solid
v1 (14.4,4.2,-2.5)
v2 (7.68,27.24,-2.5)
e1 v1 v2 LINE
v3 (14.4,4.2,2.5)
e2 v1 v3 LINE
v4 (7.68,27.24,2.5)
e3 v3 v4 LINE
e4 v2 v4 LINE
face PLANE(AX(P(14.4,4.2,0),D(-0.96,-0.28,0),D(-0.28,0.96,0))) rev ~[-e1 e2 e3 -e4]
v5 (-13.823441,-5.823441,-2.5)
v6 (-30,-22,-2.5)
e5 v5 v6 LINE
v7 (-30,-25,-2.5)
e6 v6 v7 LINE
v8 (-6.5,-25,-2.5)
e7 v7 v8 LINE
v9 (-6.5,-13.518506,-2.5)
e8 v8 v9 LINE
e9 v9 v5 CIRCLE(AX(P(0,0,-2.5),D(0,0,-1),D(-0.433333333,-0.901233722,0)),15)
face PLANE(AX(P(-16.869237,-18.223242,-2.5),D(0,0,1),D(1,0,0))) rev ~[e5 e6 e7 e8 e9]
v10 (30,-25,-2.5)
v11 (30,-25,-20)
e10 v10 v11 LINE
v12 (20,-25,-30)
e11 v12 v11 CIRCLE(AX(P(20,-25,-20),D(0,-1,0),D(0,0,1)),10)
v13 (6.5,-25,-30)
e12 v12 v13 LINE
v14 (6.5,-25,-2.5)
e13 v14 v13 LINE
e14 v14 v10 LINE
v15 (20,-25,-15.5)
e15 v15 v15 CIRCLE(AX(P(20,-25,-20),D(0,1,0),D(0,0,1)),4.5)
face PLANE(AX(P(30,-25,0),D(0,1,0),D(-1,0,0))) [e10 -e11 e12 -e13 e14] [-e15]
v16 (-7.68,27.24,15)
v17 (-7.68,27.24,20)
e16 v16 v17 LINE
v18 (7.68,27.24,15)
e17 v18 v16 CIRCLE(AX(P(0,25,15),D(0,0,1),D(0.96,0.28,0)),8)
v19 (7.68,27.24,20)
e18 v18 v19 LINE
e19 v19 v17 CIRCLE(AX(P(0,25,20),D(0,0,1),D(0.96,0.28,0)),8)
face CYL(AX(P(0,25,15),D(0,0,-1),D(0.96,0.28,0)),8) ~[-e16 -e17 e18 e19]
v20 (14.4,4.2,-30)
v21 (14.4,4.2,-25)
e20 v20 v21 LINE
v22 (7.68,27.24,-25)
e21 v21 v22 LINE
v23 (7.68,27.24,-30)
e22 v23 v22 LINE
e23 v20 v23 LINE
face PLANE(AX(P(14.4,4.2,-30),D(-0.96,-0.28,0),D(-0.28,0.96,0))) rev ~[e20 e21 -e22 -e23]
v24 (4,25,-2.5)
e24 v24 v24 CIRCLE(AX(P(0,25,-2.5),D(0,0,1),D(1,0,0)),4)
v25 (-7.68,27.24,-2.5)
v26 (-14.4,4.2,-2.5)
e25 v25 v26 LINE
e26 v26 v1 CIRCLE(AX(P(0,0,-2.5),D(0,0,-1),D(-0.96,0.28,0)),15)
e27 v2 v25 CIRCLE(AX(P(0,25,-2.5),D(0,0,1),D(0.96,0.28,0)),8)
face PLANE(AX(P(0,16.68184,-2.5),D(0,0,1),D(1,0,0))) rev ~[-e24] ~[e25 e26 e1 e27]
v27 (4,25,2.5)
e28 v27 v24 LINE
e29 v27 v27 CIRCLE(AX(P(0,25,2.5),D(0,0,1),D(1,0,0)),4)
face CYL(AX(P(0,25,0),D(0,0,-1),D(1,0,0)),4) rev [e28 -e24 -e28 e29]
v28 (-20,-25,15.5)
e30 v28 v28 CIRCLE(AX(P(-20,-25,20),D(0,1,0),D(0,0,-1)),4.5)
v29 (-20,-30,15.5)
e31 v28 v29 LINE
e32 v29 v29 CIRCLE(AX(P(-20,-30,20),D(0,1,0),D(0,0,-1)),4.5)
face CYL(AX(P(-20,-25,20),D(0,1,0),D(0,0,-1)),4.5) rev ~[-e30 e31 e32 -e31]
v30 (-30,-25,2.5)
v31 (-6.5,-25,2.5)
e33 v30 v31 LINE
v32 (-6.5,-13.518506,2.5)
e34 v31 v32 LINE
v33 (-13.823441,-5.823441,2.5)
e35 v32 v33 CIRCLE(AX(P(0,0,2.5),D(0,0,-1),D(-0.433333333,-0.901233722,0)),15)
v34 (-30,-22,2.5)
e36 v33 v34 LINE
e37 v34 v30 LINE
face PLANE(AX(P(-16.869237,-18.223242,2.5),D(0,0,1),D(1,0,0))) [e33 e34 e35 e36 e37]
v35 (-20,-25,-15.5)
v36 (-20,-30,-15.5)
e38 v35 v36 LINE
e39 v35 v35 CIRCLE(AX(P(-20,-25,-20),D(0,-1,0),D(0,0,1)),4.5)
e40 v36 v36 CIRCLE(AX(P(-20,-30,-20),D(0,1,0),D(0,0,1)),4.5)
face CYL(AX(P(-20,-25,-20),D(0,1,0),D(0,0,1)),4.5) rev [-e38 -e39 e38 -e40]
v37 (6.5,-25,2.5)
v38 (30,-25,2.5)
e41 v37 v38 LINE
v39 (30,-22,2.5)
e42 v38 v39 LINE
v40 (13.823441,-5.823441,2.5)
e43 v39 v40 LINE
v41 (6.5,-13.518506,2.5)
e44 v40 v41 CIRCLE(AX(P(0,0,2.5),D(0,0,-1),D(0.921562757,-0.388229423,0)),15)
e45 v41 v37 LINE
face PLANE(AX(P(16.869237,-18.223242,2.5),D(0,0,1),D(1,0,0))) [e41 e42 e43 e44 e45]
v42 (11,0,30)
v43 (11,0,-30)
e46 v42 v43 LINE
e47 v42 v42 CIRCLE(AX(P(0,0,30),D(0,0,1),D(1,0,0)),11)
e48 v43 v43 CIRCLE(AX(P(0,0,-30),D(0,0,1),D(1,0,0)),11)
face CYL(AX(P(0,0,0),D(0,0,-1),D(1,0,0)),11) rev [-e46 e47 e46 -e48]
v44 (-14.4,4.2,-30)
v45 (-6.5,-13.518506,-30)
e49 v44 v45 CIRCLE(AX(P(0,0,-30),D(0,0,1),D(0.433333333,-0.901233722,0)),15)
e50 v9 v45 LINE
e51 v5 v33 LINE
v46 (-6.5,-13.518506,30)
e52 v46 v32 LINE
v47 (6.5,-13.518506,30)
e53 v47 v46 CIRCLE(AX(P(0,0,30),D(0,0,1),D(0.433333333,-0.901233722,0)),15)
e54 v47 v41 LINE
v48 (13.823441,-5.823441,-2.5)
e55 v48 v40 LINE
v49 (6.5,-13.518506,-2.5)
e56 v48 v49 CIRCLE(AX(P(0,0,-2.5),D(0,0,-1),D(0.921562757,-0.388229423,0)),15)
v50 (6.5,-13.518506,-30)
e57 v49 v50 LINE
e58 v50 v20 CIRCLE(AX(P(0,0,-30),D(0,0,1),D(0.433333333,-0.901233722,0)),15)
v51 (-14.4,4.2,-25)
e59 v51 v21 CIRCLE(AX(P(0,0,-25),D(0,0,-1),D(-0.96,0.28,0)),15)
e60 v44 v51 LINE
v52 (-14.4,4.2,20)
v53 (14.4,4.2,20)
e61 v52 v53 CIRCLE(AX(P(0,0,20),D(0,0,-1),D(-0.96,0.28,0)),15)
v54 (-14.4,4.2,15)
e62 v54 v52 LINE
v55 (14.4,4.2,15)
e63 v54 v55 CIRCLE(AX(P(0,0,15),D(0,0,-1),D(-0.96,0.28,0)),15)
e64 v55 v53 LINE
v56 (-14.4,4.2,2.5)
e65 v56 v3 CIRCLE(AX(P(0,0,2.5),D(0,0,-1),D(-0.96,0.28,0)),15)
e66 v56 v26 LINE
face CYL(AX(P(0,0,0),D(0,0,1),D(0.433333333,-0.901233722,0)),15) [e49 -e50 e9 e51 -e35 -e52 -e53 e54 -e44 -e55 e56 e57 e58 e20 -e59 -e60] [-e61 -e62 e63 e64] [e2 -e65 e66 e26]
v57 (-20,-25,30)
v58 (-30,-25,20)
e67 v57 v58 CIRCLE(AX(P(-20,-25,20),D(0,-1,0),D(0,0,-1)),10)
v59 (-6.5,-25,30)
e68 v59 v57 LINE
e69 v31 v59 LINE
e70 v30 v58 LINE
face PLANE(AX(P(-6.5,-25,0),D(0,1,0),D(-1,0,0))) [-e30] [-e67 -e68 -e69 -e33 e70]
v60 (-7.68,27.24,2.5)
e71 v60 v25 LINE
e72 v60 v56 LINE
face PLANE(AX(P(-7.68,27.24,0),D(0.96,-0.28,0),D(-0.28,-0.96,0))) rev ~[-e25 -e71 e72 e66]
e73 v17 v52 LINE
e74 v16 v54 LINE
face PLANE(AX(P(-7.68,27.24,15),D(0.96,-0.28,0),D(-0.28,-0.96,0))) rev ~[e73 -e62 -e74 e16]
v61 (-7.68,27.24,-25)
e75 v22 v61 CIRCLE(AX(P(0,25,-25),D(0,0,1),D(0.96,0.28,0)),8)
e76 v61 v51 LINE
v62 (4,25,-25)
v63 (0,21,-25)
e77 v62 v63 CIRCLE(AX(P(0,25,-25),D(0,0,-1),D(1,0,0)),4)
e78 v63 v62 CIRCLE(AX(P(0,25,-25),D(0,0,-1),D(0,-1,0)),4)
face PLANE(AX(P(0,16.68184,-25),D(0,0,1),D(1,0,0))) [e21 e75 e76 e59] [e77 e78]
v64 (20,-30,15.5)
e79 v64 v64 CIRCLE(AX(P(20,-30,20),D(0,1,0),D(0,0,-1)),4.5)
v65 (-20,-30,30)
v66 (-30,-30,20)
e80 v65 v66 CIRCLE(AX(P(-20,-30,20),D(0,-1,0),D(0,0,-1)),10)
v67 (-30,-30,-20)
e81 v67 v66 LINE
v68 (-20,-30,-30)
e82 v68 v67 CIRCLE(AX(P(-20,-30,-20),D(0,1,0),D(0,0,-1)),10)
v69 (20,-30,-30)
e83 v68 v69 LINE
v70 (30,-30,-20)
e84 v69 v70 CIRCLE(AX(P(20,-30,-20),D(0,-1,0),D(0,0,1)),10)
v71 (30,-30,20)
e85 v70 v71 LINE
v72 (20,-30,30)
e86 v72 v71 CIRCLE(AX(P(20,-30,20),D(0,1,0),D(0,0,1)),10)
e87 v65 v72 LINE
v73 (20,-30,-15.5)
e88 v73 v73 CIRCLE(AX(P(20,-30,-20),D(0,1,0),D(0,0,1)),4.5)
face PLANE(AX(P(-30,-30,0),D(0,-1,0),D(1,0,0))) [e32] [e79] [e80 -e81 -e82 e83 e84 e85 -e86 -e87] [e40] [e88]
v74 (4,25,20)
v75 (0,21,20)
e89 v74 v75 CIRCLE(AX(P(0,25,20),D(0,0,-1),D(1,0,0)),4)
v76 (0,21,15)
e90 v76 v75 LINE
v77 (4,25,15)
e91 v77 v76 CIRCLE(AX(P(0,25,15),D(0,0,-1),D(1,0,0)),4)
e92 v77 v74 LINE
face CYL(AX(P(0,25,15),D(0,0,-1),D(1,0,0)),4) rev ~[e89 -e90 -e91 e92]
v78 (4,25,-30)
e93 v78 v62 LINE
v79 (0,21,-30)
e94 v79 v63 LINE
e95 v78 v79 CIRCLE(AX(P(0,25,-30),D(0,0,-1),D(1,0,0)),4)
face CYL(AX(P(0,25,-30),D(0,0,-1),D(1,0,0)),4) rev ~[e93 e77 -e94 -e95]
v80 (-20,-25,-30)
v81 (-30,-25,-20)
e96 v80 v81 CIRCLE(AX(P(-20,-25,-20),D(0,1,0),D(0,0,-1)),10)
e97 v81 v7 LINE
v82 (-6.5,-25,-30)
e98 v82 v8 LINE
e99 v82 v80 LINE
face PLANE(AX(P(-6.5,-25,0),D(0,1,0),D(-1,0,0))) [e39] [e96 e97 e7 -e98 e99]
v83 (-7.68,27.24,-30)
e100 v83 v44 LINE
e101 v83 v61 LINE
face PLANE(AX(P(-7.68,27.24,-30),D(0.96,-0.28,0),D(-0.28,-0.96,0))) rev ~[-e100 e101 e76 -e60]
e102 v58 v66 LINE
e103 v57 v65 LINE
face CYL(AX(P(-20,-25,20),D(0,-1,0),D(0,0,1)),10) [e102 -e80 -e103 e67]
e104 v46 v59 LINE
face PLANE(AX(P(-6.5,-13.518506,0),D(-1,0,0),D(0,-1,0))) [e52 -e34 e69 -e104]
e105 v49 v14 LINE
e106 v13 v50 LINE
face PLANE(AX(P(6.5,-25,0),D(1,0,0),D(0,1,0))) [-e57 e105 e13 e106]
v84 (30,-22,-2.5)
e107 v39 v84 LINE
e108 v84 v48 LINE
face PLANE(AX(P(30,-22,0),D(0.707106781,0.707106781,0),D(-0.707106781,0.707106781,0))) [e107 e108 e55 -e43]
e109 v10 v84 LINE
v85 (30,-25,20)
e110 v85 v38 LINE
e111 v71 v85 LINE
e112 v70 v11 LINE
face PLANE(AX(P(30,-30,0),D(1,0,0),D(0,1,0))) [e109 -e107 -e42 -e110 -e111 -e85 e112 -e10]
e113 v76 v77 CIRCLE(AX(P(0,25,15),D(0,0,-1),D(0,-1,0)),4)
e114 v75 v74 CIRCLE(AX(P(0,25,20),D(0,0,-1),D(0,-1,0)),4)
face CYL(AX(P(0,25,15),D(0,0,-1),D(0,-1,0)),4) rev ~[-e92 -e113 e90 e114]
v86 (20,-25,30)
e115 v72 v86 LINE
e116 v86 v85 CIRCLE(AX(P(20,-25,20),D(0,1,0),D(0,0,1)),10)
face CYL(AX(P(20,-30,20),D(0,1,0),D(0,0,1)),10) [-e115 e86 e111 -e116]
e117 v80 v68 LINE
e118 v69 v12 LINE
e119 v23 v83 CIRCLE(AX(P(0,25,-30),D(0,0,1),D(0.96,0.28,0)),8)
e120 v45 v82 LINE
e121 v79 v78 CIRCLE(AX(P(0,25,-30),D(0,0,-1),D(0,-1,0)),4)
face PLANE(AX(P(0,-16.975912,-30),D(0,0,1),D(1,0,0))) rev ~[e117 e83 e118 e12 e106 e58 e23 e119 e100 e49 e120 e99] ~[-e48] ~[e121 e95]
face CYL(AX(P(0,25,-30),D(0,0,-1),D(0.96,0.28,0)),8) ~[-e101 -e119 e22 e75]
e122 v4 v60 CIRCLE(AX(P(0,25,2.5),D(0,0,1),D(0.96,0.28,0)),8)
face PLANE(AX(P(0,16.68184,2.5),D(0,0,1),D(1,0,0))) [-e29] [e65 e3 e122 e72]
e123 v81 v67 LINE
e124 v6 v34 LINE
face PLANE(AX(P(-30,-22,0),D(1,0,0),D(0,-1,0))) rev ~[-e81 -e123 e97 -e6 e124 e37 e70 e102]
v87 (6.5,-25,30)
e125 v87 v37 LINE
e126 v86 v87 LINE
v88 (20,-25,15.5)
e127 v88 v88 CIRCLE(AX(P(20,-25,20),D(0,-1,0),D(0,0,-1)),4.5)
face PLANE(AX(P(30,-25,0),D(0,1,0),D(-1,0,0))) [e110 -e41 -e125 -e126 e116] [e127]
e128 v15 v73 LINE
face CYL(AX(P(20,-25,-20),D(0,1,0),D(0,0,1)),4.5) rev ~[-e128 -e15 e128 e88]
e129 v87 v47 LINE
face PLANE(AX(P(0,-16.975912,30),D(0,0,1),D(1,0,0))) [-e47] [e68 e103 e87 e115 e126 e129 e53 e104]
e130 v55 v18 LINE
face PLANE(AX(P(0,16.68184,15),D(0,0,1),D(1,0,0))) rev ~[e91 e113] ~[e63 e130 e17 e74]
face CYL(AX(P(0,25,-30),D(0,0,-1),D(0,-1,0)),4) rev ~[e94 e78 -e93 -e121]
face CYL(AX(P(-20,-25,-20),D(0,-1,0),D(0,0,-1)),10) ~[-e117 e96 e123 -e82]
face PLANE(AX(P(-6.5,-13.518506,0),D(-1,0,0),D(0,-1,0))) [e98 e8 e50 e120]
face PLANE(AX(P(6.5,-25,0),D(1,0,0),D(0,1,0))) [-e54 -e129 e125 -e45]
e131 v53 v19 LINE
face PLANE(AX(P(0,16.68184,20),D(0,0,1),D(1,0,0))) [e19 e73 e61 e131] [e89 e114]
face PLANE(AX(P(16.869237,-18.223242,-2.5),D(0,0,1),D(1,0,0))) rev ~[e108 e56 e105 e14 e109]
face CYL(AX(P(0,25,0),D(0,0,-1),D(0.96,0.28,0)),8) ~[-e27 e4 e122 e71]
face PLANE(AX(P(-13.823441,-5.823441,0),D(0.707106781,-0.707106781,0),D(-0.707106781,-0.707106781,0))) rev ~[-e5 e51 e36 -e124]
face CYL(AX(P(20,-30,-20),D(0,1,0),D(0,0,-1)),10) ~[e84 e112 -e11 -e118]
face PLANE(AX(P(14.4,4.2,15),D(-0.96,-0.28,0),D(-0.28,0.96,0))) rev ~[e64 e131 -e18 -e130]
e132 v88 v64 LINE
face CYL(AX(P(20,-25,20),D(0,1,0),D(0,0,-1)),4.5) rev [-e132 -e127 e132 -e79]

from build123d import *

# Parameters (mm, degrees)
SKETCH_2_R               = 11
EXTRUDE_2_DEPTH          = 30
SKETCH_2_6_R             = 4
EXTRUDE_3_DEPTH          = 2.5
EXTRUDE_START            = 15
EXTRUDE_4_DEPTH          = 5
EXTRUDE_START_2          = -30
EXTRUDE_5_DEPTH          = 5
SKETCH_4_R               = 4.5
CUT_EXTRUDE_1_DEPTH      = 72.860976893
MIRROR_2_COPY_1_SKETCH_R = 4.5
MIRROR_2_COPY_1_DEPTH    = 72.860976893
FILLET_1_R               = 10


with BuildPart() as part:
    # Эскиз2 → Бобышка-Вытянуть2 (new, symmetric)
    with BuildSketch(Plane.XY):
        with BuildLine():
            Line((-6.5, -13.518505835), (-6.5, -25))
            Line((-6.5, -25), (-30, -25))
            Line((-30, -25), (-30, -30))
            Line((-30, -30), (30, -30))
            Line((30, -30), (30, -25))
            Line((30, -25), (6.5, -25))
            Line((6.5, -25), (6.5, -13.518505835))
            ThreePointArc((6.5, -13.518505835), (0, 15), (-6.5, -13.518505835))
        make_face()
        Circle(SKETCH_2_R, mode=Mode.SUBTRACT)
    extrude(amount=EXTRUDE_2_DEPTH, both=True)

    # Эскиз2<6> → Бобышка-Вытянуть3 (add, symmetric)
    with BuildSketch(Plane.XY):
        with BuildLine():
            ThreePointArc((-14.4, 4.2), (-9, 12), (0, 15))
            ThreePointArc((0, 15), (9, 12), (14.4, 4.2))
            Line((14.4, 4.2), (7.68, 27.24))
            ThreePointArc((7.68, 27.24), (0, 33), (-7.68, 27.24))
            Line((-7.68, 27.24), (-14.4, 4.2))
        make_face()
        with Locations((0, 25)):
            Circle(SKETCH_2_6_R, mode=Mode.SUBTRACT)
        with BuildLine():
            ThreePointArc((-6.5, -13.518505835), (-10.865729218, -10.340982959), (-13.823441352, -5.823441352))
            Line((-13.823441352, -5.823441352), (-30, -22))
            Line((-30, -22), (-30, -25))
            Line((-30, -25), (-6.5, -25))
            Line((-6.5, -25), (-6.5, -13.518505835))
        make_face()
        with BuildLine():
            Line((30, -22), (13.823441352, -5.823441352))
            ThreePointArc((13.823441352, -5.823441352), (10.865729218, -10.340982959), (6.5, -13.518505835))
            Line((6.5, -13.518505835), (6.5, -25))
            Line((6.5, -25), (30, -25))
            Line((30, -25), (30, -22))
        make_face()
    extrude(amount=EXTRUDE_3_DEPTH, both=True)

    # Эскиз2<8> → Бобышка-Вытянуть4 (add)
    with BuildSketch(Plane.XY.offset(EXTRUDE_START)):
        with BuildLine():
            ThreePointArc((-14.4, 4.2), (-9, 12), (0, 15))
            ThreePointArc((0, 15), (9, 12), (14.4, 4.2))
            Line((14.4, 4.2), (7.68, 27.24))
            ThreePointArc((7.68, 27.24), (0, 33), (-7.68, 27.24))
            Line((-7.68, 27.24), (-14.4, 4.2))
        make_face()
        with BuildLine():
            ThreePointArc((4, 25), (2.828427125, 22.171572875), (0, 21))
            ThreePointArc((0, 21), (-2.828427125, 27.828427125), (4, 25))
        make_face(mode=Mode.SUBTRACT)
    extrude(amount=EXTRUDE_4_DEPTH)

    # Эскиз2<9> → Бобышка-Вытянуть5 (add)
    with BuildSketch(Plane.XY.offset(EXTRUDE_START_2)):
        with BuildLine():
            ThreePointArc((-14.4, 4.2), (-9, 12), (0, 15))
            ThreePointArc((0, 15), (9, 12), (14.4, 4.2))
            Line((14.4, 4.2), (7.68, 27.24))
            ThreePointArc((7.68, 27.24), (0, 33), (-7.68, 27.24))
            Line((-7.68, 27.24), (-14.4, 4.2))
        make_face()
        with BuildLine():
            ThreePointArc((4, 25), (2.828427125, 22.171572875), (0, 21))
            ThreePointArc((0, 21), (-2.828427125, 27.828427125), (4, 25))
        make_face(mode=Mode.SUBTRACT)
    extrude(amount=EXTRUDE_5_DEPTH)

    # Эскиз4 → Вырез-Вытянуть1 (cut, through all)
    with BuildSketch(Plane(origin=(0, -25, 0), x_dir=(1, 0, 0), z_dir=(0, 1, 0))):
        with Locations(Location((20, 20, 0), (0, 0, 270))):
            Circle(SKETCH_4_R)
    cut_extrude_1 = extrude(amount=-CUT_EXTRUDE_1_DEPTH, mode=Mode.SUBTRACT)

    # Зеркальное отражение1: Вырез-Вытянуть1 across plane
    add(cut_extrude_1.mirror(Plane.XY), mode=Mode.SUBTRACT)

    # Зеркальное отражение2: Вырез-Вытянуть1 across plane
    add(cut_extrude_1.mirror(Plane(origin=(0, 0, 0), x_dir=(0, 0, 1), z_dir=(1, 0, 0))), mode=Mode.SUBTRACT)

    # Зеркальное отражение2 copy 1 sketch → Зеркальное отражение2 copy 1 (cut, through all)
    with BuildSketch(Plane(origin=(0, -25, 0), x_dir=(-1, 0, 0), z_dir=(0, 1, 0))):
        with Locations(Location((20, 20, 0), (0, 0, 270))):
            Circle(MIRROR_2_COPY_1_SKETCH_R)
    extrude(amount=-MIRROR_2_COPY_1_DEPTH, mode=Mode.SUBTRACT)

    # Скругление1
    fillet_1_edges = [part.edges().sort_by_distance(p)[0] for p in [
        (30, -27.5, -30),
        (-30, -27.5, -30),
        (-30, -27.5, 30),
        (30, -27.5, 30),
    ]]
    fillet(fillet_1_edges, radius=FILLET_1_R)


solid = part.part
